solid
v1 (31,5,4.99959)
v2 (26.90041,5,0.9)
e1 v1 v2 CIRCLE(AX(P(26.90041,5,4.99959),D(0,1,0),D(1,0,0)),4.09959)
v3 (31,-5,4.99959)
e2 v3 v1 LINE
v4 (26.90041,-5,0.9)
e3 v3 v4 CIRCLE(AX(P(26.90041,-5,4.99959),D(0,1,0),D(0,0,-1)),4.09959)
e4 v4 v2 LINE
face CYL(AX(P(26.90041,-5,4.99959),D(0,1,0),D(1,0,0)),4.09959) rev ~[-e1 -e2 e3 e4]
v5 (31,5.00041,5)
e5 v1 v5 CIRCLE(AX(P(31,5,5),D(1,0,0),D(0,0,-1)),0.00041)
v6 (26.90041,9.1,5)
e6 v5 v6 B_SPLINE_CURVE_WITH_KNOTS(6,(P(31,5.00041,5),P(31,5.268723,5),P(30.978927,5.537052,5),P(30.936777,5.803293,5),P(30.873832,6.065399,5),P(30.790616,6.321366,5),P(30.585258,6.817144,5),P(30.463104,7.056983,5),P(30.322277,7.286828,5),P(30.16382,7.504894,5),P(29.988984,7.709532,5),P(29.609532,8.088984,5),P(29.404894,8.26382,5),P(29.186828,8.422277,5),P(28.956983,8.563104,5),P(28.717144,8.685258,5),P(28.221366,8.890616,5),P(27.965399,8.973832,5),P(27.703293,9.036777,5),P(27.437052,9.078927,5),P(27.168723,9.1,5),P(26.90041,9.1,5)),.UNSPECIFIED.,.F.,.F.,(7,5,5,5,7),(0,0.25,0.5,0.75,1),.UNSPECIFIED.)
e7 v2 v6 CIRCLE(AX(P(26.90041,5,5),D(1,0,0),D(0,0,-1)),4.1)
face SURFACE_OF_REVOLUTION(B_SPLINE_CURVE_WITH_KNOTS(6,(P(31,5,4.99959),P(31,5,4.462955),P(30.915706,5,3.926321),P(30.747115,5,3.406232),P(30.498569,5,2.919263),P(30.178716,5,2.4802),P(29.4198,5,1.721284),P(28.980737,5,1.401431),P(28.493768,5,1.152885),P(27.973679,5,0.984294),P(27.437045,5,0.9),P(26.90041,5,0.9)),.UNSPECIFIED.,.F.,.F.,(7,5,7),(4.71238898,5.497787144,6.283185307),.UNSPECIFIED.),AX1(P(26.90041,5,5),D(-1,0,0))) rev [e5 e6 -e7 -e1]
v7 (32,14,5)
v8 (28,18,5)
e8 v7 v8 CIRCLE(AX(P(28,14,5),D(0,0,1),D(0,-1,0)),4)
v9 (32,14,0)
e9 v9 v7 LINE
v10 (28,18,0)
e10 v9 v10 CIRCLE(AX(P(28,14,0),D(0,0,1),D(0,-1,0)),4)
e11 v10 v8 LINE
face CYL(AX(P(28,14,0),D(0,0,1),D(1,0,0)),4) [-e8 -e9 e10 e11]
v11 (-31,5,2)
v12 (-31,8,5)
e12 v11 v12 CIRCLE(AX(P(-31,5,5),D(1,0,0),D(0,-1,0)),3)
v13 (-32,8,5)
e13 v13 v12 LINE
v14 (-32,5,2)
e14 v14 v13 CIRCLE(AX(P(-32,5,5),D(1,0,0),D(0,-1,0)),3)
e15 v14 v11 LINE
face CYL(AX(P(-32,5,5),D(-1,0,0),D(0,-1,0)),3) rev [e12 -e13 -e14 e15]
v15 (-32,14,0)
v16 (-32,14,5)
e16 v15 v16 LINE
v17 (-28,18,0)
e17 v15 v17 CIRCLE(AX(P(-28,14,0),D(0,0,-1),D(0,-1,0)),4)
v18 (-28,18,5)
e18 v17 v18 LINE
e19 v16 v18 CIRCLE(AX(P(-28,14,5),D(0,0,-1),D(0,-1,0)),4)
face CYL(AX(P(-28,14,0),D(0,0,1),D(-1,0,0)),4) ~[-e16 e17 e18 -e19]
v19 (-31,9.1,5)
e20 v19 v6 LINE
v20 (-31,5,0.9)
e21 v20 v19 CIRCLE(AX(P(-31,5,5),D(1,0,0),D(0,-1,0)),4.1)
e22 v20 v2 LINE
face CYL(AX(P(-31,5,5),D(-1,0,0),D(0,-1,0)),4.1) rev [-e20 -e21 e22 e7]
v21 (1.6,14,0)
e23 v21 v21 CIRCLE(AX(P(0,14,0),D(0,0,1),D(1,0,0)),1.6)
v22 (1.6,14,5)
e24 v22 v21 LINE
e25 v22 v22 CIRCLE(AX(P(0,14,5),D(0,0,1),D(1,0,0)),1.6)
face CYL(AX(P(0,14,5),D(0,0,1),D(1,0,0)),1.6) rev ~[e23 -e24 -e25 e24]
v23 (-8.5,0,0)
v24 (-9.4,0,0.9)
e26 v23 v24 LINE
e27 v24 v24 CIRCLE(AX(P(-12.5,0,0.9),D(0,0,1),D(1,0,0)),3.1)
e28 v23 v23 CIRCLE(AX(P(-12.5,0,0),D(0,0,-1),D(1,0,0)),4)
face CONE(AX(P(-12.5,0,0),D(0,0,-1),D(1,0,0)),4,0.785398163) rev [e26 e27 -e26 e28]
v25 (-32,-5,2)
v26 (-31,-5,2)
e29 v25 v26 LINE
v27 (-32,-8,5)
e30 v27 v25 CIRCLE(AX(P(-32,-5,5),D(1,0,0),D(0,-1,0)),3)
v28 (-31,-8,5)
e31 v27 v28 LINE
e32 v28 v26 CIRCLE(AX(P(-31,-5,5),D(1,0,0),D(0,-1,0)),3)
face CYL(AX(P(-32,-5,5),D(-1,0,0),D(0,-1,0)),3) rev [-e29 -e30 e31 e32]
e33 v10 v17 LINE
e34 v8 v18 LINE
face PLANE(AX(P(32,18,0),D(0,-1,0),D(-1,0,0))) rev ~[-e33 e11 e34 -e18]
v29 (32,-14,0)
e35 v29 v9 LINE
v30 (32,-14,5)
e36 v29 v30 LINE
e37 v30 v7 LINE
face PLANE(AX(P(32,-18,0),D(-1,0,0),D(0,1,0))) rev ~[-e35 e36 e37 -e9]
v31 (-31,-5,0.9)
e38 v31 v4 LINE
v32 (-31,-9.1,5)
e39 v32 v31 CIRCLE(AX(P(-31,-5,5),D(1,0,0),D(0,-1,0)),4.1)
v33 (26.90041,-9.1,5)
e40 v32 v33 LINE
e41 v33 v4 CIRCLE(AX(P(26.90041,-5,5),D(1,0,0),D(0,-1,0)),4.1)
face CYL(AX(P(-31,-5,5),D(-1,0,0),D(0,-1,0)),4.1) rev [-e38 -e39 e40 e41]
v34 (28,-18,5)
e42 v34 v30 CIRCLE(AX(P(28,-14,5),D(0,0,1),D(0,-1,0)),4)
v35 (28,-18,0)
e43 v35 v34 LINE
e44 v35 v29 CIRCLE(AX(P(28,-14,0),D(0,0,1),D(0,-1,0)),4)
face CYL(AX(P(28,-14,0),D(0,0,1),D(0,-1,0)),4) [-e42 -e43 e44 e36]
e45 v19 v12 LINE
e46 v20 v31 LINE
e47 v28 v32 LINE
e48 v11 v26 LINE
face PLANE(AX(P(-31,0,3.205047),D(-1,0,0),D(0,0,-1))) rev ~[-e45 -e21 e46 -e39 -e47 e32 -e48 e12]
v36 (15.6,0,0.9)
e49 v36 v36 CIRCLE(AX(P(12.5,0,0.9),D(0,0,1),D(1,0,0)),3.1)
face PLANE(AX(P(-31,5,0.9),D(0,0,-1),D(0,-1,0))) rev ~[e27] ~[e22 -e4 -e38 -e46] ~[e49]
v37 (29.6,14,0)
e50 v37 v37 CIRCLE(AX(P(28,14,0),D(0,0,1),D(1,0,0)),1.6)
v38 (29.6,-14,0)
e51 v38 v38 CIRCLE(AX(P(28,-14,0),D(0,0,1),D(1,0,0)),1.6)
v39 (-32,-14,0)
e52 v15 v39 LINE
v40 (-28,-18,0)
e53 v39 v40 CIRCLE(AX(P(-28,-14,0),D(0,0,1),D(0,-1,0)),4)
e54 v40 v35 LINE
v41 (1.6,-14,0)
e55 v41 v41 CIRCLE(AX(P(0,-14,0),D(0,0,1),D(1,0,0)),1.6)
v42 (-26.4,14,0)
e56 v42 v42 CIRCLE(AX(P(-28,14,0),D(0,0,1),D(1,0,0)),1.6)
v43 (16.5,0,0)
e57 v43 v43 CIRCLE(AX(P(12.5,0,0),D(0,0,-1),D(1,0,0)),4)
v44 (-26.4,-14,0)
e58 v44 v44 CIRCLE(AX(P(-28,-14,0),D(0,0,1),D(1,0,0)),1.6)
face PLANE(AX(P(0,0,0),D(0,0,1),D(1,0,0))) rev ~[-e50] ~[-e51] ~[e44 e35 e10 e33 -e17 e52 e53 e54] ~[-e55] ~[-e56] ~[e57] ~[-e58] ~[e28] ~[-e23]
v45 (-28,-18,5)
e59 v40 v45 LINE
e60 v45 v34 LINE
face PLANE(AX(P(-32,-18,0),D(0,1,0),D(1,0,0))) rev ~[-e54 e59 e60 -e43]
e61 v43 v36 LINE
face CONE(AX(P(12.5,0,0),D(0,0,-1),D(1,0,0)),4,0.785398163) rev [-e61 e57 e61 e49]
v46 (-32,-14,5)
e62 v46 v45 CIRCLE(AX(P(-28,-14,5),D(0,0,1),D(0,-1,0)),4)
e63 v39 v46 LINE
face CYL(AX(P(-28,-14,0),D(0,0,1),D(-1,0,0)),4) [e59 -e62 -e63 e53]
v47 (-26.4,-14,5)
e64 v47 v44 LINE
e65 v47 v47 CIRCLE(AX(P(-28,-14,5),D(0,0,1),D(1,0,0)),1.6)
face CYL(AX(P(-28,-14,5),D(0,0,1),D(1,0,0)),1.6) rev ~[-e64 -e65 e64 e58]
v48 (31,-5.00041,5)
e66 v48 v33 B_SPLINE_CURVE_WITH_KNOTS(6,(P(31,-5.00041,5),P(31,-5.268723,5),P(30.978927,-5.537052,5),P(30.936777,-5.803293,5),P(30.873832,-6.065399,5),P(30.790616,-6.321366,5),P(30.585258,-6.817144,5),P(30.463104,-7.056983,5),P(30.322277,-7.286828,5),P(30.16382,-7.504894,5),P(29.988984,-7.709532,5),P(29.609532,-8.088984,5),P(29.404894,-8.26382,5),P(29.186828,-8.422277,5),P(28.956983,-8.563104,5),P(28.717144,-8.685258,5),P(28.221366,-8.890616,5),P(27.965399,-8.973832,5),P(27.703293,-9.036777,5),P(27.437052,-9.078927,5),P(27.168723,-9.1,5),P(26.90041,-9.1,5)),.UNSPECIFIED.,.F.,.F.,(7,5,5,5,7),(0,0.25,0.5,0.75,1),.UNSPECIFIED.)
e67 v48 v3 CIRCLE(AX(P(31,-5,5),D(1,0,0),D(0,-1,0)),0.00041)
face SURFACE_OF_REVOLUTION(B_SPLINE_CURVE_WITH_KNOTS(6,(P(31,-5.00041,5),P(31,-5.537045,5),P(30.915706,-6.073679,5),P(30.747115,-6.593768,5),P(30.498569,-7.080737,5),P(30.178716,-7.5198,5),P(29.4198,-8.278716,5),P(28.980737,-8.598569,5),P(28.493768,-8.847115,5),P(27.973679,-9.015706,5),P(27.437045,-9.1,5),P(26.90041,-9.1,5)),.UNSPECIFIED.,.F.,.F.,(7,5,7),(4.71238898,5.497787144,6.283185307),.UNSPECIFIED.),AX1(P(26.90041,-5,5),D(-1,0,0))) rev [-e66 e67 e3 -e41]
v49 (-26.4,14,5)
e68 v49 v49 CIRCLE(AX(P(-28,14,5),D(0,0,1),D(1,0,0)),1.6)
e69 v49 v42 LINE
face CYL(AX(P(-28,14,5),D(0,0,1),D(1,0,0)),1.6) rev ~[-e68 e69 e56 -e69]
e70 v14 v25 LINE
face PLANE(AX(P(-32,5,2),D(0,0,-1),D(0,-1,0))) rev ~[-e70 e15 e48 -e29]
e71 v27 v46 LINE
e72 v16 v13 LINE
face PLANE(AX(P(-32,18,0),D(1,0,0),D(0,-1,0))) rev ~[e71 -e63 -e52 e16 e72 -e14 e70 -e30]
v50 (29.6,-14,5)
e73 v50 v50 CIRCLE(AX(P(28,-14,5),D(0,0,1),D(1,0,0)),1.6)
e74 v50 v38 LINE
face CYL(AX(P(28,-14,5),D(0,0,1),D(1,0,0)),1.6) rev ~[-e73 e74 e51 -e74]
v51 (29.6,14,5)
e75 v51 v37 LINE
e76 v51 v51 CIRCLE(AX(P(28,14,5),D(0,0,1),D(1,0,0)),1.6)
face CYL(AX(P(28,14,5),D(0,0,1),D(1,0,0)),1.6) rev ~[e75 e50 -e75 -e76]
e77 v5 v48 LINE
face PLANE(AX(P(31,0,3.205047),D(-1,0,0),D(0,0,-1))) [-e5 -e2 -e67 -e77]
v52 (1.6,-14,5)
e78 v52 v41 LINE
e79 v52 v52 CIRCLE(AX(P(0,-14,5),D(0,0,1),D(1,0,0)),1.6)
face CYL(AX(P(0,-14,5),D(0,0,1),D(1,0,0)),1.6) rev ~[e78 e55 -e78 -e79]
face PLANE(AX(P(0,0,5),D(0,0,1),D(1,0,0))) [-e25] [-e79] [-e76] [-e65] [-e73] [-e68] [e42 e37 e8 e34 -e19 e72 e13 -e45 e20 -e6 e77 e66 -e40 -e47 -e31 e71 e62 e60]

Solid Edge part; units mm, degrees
sketch "Sketch1" plane through (0, 0, 0) normal (0, 0, 1) x (1, 0, 0)
  line L0 (32, -18) -> (32, 18)
  line L1 (32, 18) -> (-32, 18)
  line L2 (-32, 18) -> (-32, -18)
  line L3 (-32, -18) -> (32, -18)
extrude "Protrusion1" add sketch "Sketch1" along normal blind 5
sketch "Sketch2" plane through (-32, 0, 2.5) normal (-1, 0, 0) x (0, -1, 0)
  line L0 (-5, -0.5) -> (5, -0.5)
  line L1 (-8, 2.5) -> (8, 2.5)
  arc A0 (8, 2.5) -> (5, -0.5) centre (5, 2.5) cw
  arc A1 (-5, -0.5) -> (-8, 2.5) centre (-5, 2.5) cw
extrude "VaciadoExtruido_2" cut sketch "Sketch2" against normal blind 1
sketch "Sketch3" plane through (-31, 0, 2.5) normal (-1, 0, 0) x (0, -1, 0)
  line L0 (-5, -1.6) -> (5, -1.6)
  line L1 (-9.1, 2.5) -> (9.1, 2.5)
  arc A0 (9.1, 2.5) -> (5, -1.6) centre (5, 2.5) cw
  arc A1 (-5, -1.6) -> (-9.1, 2.5) centre (-5, 2.5) cw
extrude "VaciadoExtruido_3" cut sketch "Sketch3" against normal blind 62
fillet "Redondeo_3" radius 4.1 3 edges at (31, 7.8991, 2.1009) (31, -7.8991, 2.1009) (31, 0, 0.9)
sketch "Sketch4" plane through (0, 0, 5) normal (0, 0, 1) x (1, 0, 0)
  circle A0 centre (-28, 14) radius 1.6
extrude "Cutout1" cut sketch "Sketch4" against normal through all
pattern_linear "Pattern1" count 3 spacing 28 along (1, 0, 0) count 2 spacing 28 along (0, -1, 0) of "Cutout1"
fillet "Redondeo_4" radius 4 4 edges at (-32, 18, 2.5) (-32, -18, 2.5) (32, 18, 2.5) (32, -18, 2.5)
sketch "Sketch5" plane through (0, 0, 0) normal (0, 0, -1) x (1, 0, 0)
  circle A0 centre (12.5, 0) radius 3
  circle A1 centre (-12.5, 0) radius 3
  dimension "D1" = 25
  dimension "D2" = 12.5
extrude "Cutout2" cut sketch "Sketch5" against normal through all
chamfer "Chaflán_1" distance 1 angle 45 2 edges at (-15.5, 0, 0) (9.5, 0, 0)
